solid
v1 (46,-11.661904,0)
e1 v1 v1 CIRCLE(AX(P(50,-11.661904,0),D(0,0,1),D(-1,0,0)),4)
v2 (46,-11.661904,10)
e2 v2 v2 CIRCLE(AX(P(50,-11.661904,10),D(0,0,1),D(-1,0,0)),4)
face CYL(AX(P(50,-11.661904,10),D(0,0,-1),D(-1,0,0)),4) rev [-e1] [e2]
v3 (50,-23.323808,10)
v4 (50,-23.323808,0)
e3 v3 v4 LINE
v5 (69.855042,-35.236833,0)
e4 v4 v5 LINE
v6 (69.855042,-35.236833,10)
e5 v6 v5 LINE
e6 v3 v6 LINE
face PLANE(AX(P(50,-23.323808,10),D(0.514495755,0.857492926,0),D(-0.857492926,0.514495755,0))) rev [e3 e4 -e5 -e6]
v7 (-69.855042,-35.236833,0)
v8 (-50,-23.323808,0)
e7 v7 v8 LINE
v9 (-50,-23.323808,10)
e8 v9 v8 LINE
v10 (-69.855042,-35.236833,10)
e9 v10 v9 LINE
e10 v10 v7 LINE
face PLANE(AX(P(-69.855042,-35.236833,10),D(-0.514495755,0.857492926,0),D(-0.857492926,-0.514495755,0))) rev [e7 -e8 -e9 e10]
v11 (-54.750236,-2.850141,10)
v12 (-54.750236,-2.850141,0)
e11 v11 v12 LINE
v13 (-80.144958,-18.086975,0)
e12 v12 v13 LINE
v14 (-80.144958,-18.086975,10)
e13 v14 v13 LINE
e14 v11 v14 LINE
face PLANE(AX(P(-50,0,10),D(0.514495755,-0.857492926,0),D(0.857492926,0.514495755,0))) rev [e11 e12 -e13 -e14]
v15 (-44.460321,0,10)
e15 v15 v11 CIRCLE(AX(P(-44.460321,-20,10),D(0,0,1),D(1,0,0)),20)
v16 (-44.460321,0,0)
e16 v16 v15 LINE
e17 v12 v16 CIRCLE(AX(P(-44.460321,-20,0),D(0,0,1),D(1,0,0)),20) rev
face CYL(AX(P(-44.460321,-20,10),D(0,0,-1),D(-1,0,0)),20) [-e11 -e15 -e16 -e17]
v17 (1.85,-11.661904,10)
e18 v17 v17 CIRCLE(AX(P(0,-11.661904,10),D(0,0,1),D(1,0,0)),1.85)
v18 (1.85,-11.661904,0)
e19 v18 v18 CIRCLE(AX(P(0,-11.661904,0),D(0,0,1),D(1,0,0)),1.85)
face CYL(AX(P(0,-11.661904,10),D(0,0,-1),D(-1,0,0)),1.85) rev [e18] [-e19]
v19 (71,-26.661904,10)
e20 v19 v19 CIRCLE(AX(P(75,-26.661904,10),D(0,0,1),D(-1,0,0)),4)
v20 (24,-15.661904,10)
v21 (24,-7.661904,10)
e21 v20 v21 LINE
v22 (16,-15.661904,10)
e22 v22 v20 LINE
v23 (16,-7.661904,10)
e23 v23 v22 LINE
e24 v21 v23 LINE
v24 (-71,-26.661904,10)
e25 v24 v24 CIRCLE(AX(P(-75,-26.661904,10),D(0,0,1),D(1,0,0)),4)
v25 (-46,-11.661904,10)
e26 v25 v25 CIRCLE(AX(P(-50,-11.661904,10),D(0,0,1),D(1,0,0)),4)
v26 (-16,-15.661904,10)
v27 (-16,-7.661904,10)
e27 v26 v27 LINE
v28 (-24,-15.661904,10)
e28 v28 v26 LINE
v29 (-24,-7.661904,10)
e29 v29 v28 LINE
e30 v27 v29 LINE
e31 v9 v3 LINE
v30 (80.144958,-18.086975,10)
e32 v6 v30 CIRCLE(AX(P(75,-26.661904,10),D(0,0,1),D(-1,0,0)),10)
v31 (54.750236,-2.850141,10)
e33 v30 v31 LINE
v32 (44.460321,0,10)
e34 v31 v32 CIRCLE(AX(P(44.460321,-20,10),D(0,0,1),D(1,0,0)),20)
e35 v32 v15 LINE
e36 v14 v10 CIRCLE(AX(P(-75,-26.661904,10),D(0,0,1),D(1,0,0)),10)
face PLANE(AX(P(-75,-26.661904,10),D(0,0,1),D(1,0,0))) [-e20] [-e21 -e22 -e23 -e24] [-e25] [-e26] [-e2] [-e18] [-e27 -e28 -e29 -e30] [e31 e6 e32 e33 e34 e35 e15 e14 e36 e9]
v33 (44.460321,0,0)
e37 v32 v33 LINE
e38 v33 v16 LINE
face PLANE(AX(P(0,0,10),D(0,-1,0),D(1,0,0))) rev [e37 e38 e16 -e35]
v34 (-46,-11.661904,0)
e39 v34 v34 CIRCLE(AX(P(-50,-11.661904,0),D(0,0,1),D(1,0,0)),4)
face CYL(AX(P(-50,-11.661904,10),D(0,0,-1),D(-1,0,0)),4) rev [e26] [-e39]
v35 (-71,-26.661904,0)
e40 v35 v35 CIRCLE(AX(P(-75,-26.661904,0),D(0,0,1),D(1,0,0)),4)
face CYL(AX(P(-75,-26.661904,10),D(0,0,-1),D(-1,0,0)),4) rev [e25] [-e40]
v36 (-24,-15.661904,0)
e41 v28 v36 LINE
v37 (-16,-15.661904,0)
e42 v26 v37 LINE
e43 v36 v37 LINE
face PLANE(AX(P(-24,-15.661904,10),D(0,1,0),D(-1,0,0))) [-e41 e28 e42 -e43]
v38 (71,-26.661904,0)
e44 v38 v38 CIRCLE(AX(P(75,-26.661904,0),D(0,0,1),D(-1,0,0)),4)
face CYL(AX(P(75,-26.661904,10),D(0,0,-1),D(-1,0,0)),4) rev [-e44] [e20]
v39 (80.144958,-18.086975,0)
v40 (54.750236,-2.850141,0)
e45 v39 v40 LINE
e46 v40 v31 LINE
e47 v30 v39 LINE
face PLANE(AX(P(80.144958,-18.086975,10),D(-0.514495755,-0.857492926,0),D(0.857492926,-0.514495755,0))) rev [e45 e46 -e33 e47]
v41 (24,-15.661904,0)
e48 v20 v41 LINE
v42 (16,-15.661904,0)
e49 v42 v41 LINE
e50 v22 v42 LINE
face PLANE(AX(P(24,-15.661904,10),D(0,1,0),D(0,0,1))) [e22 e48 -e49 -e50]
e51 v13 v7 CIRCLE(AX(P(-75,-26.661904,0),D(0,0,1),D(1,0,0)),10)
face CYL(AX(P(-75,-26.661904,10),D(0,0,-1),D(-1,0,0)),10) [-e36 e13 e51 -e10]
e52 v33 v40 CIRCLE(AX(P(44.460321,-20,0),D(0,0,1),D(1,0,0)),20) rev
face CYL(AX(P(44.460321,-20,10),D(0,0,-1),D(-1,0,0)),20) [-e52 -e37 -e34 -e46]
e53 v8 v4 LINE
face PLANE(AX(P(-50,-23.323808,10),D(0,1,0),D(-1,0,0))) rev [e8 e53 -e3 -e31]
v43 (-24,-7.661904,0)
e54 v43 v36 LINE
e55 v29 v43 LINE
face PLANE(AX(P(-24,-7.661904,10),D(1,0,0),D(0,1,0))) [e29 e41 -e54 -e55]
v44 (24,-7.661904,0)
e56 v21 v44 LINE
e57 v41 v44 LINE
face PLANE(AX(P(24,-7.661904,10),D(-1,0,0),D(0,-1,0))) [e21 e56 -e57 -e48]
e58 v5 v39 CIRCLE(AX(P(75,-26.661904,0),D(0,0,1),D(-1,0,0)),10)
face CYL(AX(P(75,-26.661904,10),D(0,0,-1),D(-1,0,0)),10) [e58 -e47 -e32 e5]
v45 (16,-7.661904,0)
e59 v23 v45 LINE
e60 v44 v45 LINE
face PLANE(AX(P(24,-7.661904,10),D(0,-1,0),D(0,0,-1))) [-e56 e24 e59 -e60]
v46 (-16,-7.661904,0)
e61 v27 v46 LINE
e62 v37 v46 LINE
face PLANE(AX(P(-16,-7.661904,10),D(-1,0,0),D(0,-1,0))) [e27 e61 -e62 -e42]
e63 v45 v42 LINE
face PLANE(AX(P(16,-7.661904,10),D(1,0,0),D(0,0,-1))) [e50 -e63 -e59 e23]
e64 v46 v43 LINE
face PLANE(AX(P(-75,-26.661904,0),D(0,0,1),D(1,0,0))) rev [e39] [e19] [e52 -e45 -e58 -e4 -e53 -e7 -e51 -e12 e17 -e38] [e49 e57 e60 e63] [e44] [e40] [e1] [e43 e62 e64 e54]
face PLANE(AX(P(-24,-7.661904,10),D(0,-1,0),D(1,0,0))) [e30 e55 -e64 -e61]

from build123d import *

# Parameters (mm, degrees)
ESBO_O1_R                = 4
ESBO_O1_R_2              = 1.85
ESBO_O1_W                = 8
ESBO_O1_H                = 8
RESSALTO_EXTRUS_O1_DEPTH = 10
FILETE1_R                = 20


with BuildPart() as part:
    # Esboço1 → Ressalto-extrusão1 (new body)
    with BuildSketch(Plane.XY):
        with BuildLine():
            Line((80.144957554, -18.086974533), (50, 0))
            Line((50, 0), (0, 0))
            Line((0, 0), (-50, 0))
            Line((-50, 0), (-80.144957554, -18.086974533))
            ThreePointArc((-80.144957554, -18.086974533), (-83.574929257, -31.806861344), (-69.855042446, -35.236833047))
            Line((-69.855042446, -35.236833047), (-50, -23.323807579))
            Line((-50, -23.323807579), (50, -23.323807579))
            Line((50, -23.323807579), (69.855042446, -35.236833047))
            ThreePointArc((69.855042446, -35.236833047), (83.574929257, -31.806861344), (80.144957554, -18.086974533))
        make_face()
        with Locations((-50, -11.66190379)):
            Circle(ESBO_O1_R, mode=Mode.SUBTRACT)
        with Locations(Location((50, -11.66190379, 0), (0, 0, 180))):
            Circle(ESBO_O1_R, mode=Mode.SUBTRACT)
        with Locations((0, -11.66190379)):
            Circle(ESBO_O1_R_2, mode=Mode.SUBTRACT)
        with Locations((-75, -26.66190379)):
            Circle(ESBO_O1_R, mode=Mode.SUBTRACT)
        with Locations(Location((75, -26.66190379, 0), (0, 0, 180))):
            Circle(ESBO_O1_R, mode=Mode.SUBTRACT)
        with Locations((20, -11.66190379)):
            Rectangle(ESBO_O1_W, ESBO_O1_H, mode=Mode.SUBTRACT)
        with Locations((-20, -11.66190379)):
            Rectangle(ESBO_O1_W, ESBO_O1_H, mode=Mode.SUBTRACT)
    extrude(amount=RESSALTO_EXTRUS_O1_DEPTH)

    # Filete1
    filete1_edges = [part.edges().sort_by_distance(p)[0] for p in [
        (-50, 0, 5),
        (50, 0, 5),
    ]]
    fillet(filete1_edges, radius=FILETE1_R)


solid = part.part
